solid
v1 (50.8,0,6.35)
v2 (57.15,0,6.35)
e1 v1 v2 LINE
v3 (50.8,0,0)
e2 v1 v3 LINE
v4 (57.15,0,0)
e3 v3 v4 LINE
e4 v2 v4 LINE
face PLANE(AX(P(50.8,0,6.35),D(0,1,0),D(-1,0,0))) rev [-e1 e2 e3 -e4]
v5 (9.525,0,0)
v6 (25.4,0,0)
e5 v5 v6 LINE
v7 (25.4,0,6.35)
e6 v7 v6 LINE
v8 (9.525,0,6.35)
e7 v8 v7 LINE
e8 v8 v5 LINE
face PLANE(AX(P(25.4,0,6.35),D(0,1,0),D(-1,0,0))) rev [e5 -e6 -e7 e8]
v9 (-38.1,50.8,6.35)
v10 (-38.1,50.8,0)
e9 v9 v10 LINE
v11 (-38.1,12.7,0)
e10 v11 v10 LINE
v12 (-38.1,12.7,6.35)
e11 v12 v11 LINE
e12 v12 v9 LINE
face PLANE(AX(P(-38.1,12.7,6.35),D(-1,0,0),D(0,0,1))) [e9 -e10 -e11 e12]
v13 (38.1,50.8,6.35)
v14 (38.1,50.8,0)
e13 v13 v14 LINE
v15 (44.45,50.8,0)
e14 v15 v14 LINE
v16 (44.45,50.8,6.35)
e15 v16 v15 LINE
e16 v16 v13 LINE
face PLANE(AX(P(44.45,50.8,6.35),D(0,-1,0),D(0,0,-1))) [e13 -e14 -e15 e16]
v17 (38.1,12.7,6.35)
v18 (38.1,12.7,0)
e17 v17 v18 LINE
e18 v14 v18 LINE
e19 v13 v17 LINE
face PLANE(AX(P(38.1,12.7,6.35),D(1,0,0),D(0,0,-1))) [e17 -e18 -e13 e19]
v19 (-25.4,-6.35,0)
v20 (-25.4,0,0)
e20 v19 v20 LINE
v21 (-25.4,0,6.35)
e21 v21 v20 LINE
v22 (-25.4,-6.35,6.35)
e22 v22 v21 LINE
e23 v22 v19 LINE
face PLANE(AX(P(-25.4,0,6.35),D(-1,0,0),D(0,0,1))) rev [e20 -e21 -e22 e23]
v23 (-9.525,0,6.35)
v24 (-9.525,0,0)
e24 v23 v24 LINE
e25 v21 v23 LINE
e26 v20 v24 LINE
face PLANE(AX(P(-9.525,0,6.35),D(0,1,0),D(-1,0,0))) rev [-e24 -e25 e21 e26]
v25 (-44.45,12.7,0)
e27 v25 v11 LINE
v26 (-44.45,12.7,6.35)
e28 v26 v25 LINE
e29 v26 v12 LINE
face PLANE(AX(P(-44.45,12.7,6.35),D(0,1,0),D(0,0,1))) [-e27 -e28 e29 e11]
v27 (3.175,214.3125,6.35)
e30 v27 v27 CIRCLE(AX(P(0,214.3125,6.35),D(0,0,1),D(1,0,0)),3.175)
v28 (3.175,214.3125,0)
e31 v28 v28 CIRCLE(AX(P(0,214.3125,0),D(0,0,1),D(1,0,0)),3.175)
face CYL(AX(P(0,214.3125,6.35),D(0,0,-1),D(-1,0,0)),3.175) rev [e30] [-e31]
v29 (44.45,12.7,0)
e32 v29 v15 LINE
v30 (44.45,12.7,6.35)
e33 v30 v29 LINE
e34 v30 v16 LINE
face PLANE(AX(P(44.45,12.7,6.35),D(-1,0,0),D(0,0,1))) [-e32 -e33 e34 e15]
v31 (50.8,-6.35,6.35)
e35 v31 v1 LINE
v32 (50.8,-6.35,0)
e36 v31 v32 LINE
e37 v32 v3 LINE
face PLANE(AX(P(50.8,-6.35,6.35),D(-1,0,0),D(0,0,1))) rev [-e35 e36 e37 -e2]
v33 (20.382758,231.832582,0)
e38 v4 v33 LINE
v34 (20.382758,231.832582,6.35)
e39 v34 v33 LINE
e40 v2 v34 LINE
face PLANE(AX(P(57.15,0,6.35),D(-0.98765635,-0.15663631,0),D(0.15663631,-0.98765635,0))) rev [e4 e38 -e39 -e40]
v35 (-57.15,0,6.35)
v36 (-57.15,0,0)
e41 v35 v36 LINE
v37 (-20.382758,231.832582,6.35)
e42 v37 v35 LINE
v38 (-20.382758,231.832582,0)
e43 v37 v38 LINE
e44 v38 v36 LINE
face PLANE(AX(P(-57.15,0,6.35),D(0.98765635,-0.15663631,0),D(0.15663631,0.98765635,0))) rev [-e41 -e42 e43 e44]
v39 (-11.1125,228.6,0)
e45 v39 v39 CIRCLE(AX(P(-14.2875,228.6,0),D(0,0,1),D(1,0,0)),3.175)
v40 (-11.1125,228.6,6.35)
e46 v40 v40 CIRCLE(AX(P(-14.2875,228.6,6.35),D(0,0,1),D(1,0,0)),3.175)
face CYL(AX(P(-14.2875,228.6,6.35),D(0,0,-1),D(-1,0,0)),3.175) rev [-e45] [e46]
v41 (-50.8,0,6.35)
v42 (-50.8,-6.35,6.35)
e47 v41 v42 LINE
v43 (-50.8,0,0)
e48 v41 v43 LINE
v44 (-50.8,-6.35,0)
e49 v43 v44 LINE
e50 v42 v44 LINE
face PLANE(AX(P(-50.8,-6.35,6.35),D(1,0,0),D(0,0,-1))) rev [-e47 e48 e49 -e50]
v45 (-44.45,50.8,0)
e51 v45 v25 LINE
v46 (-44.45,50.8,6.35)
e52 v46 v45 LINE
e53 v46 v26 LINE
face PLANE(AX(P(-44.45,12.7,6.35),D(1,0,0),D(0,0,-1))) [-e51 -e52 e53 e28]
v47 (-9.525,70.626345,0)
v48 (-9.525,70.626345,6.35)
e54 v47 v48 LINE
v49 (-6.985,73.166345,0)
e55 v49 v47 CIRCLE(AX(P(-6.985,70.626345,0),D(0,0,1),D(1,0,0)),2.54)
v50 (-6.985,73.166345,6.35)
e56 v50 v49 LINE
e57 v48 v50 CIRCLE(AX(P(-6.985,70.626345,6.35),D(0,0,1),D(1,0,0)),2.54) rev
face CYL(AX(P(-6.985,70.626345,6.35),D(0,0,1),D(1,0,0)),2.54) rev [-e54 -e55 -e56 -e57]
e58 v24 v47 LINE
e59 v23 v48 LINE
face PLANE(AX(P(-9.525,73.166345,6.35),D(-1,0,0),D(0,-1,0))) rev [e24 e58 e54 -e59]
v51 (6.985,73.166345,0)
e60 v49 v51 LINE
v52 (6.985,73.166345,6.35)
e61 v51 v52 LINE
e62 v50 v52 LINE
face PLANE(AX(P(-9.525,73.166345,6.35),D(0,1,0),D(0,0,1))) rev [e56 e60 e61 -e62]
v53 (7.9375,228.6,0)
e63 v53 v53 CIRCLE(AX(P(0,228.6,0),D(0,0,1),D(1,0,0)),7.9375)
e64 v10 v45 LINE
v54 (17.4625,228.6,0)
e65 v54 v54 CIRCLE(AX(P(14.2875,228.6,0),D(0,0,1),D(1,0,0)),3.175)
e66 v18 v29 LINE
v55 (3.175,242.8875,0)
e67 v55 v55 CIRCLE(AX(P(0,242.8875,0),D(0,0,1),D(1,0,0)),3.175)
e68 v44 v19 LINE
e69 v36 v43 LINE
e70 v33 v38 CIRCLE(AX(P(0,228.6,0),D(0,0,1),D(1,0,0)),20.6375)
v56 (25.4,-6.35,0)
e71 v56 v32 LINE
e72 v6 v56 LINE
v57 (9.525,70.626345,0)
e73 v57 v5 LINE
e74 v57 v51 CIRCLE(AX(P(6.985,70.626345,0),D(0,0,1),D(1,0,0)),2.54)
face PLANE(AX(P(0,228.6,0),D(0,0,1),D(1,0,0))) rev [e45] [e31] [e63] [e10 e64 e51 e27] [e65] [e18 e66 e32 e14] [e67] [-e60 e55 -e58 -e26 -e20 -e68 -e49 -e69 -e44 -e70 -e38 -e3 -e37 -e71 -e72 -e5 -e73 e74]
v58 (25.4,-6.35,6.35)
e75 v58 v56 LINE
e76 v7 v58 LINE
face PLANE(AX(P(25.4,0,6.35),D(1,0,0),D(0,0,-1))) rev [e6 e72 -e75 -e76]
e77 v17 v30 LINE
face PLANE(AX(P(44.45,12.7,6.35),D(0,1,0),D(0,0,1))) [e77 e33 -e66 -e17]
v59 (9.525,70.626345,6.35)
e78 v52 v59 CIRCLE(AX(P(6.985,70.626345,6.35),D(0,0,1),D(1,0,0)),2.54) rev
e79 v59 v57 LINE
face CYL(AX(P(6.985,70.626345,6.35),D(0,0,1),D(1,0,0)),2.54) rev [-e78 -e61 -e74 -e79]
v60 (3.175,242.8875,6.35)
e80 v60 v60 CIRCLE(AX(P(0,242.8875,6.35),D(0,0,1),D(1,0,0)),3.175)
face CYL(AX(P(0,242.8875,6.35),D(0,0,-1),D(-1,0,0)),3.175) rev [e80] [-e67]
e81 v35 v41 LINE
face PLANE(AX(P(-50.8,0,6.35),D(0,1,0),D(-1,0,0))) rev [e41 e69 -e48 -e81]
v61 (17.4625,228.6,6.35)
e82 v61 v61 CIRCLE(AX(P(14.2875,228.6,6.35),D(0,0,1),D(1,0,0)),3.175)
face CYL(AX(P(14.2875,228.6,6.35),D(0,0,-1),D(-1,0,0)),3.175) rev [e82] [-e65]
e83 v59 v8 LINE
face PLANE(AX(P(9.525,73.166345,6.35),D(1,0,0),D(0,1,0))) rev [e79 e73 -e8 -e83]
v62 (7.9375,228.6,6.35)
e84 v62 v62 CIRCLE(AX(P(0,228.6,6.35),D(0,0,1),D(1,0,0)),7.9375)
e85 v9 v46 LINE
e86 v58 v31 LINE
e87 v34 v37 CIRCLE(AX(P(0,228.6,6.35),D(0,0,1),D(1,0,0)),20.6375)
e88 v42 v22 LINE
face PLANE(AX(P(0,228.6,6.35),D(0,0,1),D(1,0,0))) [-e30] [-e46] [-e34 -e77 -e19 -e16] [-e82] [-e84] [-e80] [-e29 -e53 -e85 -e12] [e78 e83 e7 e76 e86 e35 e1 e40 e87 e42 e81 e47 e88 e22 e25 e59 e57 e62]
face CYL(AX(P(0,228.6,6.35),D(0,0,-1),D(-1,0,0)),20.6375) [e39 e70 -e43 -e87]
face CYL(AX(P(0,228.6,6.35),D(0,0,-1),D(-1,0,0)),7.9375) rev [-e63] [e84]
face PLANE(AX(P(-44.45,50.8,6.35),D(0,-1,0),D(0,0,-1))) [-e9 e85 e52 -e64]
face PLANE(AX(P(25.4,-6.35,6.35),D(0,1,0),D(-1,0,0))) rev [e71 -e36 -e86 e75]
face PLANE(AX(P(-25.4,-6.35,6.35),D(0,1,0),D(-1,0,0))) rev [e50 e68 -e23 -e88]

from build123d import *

# Parameters (mm, degrees)
SKETCH1_R           = 7.9375
SKETCH1_R_2         = 3.175
SKETCH1_W           = 6.35
SKETCH1_H           = 38.1
BOSS_EXTRUDE1_DEPTH = 6.35
FILLET1_R           = 2.54
FILLET2_R           = 2.54


with BuildPart() as part:
    # Sketch1 → Boss-Extrude1 (new body)
    with BuildSketch(Plane.XY):
        with BuildLine():
            Line((25.4, 0), (9.525, 0))
            Line((9.525, 0), (9.525, 73.166345412))
            Line((9.525, 73.166345412), (-9.525, 73.166345412))
            Line((-9.525, 73.166345412), (-9.525, 0))
            Line((-9.525, 0), (-25.4, 0))
            Line((-25.4, 0), (-25.4, -6.35))
            Line((-25.4, -6.35), (-50.8, -6.35))
            Line((-50.8, -6.35), (-50.8, 0))
            Line((-50.8, 0), (-57.15, 0))
            Line((-57.15, 0), (-20.382757931, 231.832581844))
            ThreePointArc((-20.382757931, 231.832581844), (0, 249.2375), (20.382757931, 231.832581844))
            Line((20.382757931, 231.832581844), (57.15, 0))
            Line((57.15, 0), (50.8, 0))
            Line((50.8, 0), (50.8, -6.35))
            Line((50.8, -6.35), (25.4, -6.35))
            Line((25.4, -6.35), (25.4, 0))
        make_face()
        with Locations((0, 228.6)):
            Circle(SKETCH1_R, mode=Mode.SUBTRACT)
        with Locations((0, 242.8875)):
            Circle(SKETCH1_R_2, mode=Mode.SUBTRACT)
        with Locations((14.2875, 228.6)):
            Circle(SKETCH1_R_2, mode=Mode.SUBTRACT)
        with Locations((0, 214.3125)):
            Circle(SKETCH1_R_2, mode=Mode.SUBTRACT)
        with Locations((-14.2875, 228.6)):
            Circle(SKETCH1_R_2, mode=Mode.SUBTRACT)
        with Locations((41.275, 31.75)):
            Rectangle(SKETCH1_W, SKETCH1_H, mode=Mode.SUBTRACT)
        with Locations((-41.275, 31.75)):
            Rectangle(SKETCH1_W, SKETCH1_H, mode=Mode.SUBTRACT)
    extrude(amount=BOSS_EXTRUDE1_DEPTH)

    # Fillet1
    fillet1_edges = [part.edges().sort_by_distance(p)[0] for p in [
        (-9.525, 73.166345412, 3.175),
    ]]
    fillet(fillet1_edges, radius=FILLET1_R)

    # Fillet2
    fillet2_edges = [part.edges().sort_by_distance(p)[0] for p in [
        (9.525, 73.166345412, 3.175),
    ]]
    fillet(fillet2_edges, radius=FILLET2_R)


solid = part.part
